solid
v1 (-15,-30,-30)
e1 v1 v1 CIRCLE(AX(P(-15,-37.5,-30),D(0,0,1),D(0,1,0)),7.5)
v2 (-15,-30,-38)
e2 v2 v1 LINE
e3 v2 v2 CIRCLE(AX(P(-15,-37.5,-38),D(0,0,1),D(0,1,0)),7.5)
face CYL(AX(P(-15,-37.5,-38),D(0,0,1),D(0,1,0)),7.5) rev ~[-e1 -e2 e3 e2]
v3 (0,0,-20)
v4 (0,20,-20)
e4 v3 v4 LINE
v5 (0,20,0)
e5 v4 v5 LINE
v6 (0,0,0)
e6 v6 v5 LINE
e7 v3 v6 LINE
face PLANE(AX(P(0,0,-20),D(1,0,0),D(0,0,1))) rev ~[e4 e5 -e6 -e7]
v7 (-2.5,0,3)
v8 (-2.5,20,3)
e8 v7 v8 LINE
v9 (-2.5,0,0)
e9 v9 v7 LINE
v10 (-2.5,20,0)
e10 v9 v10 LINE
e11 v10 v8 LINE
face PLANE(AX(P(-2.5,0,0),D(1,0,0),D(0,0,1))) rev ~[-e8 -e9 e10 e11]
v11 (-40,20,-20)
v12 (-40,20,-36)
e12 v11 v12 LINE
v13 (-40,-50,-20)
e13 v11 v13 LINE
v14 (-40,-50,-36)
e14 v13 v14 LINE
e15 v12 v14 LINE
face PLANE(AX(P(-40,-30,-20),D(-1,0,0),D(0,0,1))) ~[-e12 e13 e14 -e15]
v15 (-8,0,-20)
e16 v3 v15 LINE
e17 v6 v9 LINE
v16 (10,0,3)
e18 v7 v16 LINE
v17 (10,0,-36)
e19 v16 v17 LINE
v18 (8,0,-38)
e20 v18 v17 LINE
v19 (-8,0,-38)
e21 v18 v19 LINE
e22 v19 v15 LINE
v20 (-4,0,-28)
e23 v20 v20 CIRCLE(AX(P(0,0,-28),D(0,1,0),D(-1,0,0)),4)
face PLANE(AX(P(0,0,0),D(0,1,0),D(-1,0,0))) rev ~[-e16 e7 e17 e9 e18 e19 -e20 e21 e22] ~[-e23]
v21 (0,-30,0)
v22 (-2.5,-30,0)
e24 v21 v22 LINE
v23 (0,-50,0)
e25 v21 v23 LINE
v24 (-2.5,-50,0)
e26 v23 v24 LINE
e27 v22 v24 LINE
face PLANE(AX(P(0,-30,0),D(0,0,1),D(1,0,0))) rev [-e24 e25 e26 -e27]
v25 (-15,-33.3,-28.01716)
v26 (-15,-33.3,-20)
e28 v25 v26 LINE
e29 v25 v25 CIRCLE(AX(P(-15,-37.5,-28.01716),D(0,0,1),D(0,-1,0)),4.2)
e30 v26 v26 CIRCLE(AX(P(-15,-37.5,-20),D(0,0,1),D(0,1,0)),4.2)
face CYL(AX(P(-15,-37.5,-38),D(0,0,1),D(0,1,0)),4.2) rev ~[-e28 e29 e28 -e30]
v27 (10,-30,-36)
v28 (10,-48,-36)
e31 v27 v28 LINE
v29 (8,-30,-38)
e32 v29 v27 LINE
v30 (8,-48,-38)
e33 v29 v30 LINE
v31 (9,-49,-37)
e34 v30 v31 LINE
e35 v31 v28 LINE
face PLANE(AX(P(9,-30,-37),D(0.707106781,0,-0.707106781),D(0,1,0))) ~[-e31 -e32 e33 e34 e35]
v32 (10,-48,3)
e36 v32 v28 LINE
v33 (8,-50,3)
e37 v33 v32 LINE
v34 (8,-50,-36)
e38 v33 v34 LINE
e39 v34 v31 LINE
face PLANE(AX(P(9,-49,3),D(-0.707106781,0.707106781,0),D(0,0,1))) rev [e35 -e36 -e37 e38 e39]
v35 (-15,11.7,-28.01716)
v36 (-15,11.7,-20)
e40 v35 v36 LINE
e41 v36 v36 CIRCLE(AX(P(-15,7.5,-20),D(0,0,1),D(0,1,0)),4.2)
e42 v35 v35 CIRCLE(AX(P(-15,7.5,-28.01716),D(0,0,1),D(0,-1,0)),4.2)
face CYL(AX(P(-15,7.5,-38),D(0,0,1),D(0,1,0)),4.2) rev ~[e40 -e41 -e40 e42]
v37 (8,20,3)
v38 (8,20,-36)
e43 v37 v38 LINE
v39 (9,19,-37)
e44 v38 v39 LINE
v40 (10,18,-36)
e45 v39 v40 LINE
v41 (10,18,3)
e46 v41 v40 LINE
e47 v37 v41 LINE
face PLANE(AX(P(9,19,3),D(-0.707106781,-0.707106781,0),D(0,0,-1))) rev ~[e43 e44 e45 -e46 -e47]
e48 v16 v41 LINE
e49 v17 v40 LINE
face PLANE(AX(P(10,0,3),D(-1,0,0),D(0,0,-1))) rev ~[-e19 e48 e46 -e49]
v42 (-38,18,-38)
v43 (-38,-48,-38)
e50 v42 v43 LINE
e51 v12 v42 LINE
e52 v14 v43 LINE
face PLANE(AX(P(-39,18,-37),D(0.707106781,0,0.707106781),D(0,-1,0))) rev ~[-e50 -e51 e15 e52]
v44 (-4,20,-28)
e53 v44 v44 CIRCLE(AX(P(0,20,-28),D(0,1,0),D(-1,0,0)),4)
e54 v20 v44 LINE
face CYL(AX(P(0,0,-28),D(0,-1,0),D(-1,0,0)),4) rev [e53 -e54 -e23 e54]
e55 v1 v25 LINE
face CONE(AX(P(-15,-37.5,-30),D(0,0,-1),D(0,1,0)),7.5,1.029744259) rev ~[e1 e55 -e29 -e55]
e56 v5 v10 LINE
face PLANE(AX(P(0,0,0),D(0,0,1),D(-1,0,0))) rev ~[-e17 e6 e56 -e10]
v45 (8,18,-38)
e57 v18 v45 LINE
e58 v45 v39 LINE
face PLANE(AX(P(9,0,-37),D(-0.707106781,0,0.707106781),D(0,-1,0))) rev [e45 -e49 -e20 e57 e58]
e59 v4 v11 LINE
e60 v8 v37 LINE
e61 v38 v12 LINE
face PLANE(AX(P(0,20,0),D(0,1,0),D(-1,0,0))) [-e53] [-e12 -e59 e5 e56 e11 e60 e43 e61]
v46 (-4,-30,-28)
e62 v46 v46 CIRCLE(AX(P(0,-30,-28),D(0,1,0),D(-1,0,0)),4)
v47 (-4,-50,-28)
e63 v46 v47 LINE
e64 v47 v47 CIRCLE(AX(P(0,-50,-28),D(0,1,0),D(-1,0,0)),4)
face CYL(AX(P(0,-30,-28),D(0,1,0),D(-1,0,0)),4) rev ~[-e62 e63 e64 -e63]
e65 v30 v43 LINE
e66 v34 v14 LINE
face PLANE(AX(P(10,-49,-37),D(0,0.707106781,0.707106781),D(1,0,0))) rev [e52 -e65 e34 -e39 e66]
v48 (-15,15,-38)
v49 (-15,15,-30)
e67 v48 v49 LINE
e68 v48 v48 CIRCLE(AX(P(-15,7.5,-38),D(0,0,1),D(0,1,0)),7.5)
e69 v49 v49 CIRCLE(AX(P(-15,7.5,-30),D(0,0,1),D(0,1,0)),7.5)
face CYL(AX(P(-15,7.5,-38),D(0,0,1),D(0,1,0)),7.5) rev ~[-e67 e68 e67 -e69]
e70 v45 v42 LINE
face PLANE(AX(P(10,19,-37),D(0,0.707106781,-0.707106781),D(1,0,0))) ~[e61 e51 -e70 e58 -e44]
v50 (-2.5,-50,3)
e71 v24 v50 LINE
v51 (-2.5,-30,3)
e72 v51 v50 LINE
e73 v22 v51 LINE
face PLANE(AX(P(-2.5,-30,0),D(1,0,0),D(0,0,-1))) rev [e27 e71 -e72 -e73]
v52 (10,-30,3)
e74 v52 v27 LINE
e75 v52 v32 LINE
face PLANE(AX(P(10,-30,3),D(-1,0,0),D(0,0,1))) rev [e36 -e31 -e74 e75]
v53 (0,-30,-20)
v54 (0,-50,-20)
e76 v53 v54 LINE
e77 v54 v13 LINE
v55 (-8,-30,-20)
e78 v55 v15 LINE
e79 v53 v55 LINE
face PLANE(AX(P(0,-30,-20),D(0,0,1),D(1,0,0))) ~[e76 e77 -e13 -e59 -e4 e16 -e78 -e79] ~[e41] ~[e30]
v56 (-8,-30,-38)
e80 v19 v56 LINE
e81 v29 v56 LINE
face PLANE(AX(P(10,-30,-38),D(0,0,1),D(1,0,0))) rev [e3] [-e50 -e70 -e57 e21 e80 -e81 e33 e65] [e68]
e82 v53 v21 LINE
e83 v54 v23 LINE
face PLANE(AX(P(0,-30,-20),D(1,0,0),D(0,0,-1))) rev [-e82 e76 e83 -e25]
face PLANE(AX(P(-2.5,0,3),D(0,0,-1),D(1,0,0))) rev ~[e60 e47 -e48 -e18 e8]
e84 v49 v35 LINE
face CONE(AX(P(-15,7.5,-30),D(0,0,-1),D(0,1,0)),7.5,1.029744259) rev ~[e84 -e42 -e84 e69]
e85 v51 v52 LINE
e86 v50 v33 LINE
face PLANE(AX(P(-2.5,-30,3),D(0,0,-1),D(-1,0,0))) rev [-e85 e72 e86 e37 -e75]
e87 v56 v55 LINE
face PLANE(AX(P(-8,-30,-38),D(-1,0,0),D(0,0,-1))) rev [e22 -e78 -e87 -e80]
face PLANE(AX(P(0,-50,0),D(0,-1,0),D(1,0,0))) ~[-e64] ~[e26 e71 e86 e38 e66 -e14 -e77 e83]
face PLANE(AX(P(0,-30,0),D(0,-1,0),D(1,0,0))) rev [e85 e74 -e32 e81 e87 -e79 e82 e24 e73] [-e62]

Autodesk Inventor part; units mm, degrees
ref_plane "YZ Plane" through (0, 0, 0) normal (1, 0, 0) x (0, 1, 0)
sketch "Sketch1" plane through (0, 0, 0) normal (0, 1, 0) x (-1, 0, 0)
  line L0 (0, -20) -> (40, -20)
  line L1 (40, -20) -> (40, -38)
  line L2 (0, -20) -> (0, 0)
  line L3 (0, 0) -> (2.5, 0)
  line L4 (2.5, 0) -> (2.5, 3)
  line L5 (2.5, 3) -> (-10, 3)
  line L6 (-10, 3) -> (-10, -38)
  line L7 (-10, -38) -> (40, -38)
  circle A0 centre (0, -28) radius 4
  point P0 (-3.75, 3)
  point P1 (1.25, 0)
  dimension "d1" = 40
  dimension "d2" = 18
  dimension "d4" = 12.5
  dimension "d5" = 10
  dimension "d6" = 3
  dimension "d7" = 20
  dimension "d8" = 8
  dimension "d9" = 10
  dimension "d10" = 10
extrude "Extrusion1" add sketch "Sketch1" along normal blind 20
sketch "Sketch2" plane through (0, 0, 0) normal (0, -1, 0) x (1, 0, 0)
  point P0 (0, 0)
sketch "Sketch3" plane through (0, 0, 0) normal (0, -1, 0) x (1, 0, 0)
  line L0 (10, -38) -> (-40, -38) projected
  line L1 (-8, -38) -> (-8, -20)
  line L2 (-40, -20) -> (0, -20) projected
  line L3 (10, 3) -> (10, -38) projected
  line L4 (-8, -38) -> (-40, -38)
  line L5 (-40, -38) -> (-40, -20) projected
  line L6 (-40, -20) -> (-8, -20)
  point P0 (0, 0)
  dimension "d13" = 18
extrude "Extrusion2" add sketch "Sketch3" along normal blind 15
ref_plane "Work Plane1" through (0, -15, 0) normal (0, -1, 0) x (1, 0, 0)
mirror "Mirror1" about plane through (0, -15, 0) normal (0, -1, 0) of "Extrusion1"
ref_plane "Work Plane2" through (0, -15, 0) normal (0, -1, 0) x (1, 0, 0)
mirror "Mirror2" about plane through (0, -15, 0) normal (0, -1, 0) of "Extrusion2"
sketch "Sketch4" plane through (10, 20, -38) normal (0, 0, -1) x (-1, 0, 0)
  circle A0 centre (25, -12.5) radius 7.5
  circle A1 centre (25, -57.5) radius 7.5
  line L0 (50, -70) -> (50, 0) projected
  line L1 (0, 0) -> (50, 0) projected
  line L2 (0, -70) -> (50, -70) projected
  point P0 (10, -20)
  dimension "d18" = 15
  dimension "d19" = 15
  dimension "d20" = 25
  dimension "d21" = 12.5
  dimension "d22" = 12.5
  dimension "d23" = 25
hole "Hole1" at (-15, 7.5, -38) at (-15, -37.5, -38) direction (0, 0, 1) diameter 15 depth 8 tip angle 118
sketch "Sketch5" plane through (10, 20, -38) normal (0, 0, -1) x (-1, 0, 0)
  circle A0 centre (25, -12.5) radius 4.2
  circle A1 centre (25, -57.5) radius 4.2
  line L0 (50, -70) -> (50, 0) projected
  line L1 (0, 0) -> (50, 0) projected
  line L2 (0, -70) -> (50, -70) projected
  point P0 (10, -20)
  dimension "d31" = 8.4
  dimension "d32" = 8.4
  dimension "d33" = 25
  dimension "d34" = 12.5
  dimension "d35" = 25
  dimension "d36" = 12.5
hole "Hole2" at (-15, 7.5, -38) at (-15, -37.5, -38) direction (0, 0, 1) diameter 8.4 end through all
chamfer "Chamfer1" distance 2 angle 45 1 edges at (-15, 20, -38) measured on face at (-33.7241, -8.9202, -38)
chamfer "Chamfer2" distance 2 angle 45 1 edges at (-40, -16, -38) measured on face at (-33.7241, -21.7465, -38)
chamfer "Chamfer3" distance 2 angle 45 1 edges at (-14, -50, -38) measured on face at (-32.3908, -21.7465, -38)
chamfer "Chamfer4" distance 2 angle 45 1 edges at (10, 9, -38) measured on face at (-32.3908, -21.0798, -38)
chamfer "Chamfer5" distance 2 angle 45 1 edges at (10, -39, -38) measured on face at (-32.3908, -21.0798, -38)
chamfer "Chamfer6" distance 2 angle 45 1 edges at (10, 20, -16.5) measured on face at (-28, 20, -28)
chamfer "Chamfer7" distance 2 angle 45 1 edges at (10, -50, -16.5) measured on face at (-28, -50, -28)
properties part number "Lager" material "Iron, Cast"
